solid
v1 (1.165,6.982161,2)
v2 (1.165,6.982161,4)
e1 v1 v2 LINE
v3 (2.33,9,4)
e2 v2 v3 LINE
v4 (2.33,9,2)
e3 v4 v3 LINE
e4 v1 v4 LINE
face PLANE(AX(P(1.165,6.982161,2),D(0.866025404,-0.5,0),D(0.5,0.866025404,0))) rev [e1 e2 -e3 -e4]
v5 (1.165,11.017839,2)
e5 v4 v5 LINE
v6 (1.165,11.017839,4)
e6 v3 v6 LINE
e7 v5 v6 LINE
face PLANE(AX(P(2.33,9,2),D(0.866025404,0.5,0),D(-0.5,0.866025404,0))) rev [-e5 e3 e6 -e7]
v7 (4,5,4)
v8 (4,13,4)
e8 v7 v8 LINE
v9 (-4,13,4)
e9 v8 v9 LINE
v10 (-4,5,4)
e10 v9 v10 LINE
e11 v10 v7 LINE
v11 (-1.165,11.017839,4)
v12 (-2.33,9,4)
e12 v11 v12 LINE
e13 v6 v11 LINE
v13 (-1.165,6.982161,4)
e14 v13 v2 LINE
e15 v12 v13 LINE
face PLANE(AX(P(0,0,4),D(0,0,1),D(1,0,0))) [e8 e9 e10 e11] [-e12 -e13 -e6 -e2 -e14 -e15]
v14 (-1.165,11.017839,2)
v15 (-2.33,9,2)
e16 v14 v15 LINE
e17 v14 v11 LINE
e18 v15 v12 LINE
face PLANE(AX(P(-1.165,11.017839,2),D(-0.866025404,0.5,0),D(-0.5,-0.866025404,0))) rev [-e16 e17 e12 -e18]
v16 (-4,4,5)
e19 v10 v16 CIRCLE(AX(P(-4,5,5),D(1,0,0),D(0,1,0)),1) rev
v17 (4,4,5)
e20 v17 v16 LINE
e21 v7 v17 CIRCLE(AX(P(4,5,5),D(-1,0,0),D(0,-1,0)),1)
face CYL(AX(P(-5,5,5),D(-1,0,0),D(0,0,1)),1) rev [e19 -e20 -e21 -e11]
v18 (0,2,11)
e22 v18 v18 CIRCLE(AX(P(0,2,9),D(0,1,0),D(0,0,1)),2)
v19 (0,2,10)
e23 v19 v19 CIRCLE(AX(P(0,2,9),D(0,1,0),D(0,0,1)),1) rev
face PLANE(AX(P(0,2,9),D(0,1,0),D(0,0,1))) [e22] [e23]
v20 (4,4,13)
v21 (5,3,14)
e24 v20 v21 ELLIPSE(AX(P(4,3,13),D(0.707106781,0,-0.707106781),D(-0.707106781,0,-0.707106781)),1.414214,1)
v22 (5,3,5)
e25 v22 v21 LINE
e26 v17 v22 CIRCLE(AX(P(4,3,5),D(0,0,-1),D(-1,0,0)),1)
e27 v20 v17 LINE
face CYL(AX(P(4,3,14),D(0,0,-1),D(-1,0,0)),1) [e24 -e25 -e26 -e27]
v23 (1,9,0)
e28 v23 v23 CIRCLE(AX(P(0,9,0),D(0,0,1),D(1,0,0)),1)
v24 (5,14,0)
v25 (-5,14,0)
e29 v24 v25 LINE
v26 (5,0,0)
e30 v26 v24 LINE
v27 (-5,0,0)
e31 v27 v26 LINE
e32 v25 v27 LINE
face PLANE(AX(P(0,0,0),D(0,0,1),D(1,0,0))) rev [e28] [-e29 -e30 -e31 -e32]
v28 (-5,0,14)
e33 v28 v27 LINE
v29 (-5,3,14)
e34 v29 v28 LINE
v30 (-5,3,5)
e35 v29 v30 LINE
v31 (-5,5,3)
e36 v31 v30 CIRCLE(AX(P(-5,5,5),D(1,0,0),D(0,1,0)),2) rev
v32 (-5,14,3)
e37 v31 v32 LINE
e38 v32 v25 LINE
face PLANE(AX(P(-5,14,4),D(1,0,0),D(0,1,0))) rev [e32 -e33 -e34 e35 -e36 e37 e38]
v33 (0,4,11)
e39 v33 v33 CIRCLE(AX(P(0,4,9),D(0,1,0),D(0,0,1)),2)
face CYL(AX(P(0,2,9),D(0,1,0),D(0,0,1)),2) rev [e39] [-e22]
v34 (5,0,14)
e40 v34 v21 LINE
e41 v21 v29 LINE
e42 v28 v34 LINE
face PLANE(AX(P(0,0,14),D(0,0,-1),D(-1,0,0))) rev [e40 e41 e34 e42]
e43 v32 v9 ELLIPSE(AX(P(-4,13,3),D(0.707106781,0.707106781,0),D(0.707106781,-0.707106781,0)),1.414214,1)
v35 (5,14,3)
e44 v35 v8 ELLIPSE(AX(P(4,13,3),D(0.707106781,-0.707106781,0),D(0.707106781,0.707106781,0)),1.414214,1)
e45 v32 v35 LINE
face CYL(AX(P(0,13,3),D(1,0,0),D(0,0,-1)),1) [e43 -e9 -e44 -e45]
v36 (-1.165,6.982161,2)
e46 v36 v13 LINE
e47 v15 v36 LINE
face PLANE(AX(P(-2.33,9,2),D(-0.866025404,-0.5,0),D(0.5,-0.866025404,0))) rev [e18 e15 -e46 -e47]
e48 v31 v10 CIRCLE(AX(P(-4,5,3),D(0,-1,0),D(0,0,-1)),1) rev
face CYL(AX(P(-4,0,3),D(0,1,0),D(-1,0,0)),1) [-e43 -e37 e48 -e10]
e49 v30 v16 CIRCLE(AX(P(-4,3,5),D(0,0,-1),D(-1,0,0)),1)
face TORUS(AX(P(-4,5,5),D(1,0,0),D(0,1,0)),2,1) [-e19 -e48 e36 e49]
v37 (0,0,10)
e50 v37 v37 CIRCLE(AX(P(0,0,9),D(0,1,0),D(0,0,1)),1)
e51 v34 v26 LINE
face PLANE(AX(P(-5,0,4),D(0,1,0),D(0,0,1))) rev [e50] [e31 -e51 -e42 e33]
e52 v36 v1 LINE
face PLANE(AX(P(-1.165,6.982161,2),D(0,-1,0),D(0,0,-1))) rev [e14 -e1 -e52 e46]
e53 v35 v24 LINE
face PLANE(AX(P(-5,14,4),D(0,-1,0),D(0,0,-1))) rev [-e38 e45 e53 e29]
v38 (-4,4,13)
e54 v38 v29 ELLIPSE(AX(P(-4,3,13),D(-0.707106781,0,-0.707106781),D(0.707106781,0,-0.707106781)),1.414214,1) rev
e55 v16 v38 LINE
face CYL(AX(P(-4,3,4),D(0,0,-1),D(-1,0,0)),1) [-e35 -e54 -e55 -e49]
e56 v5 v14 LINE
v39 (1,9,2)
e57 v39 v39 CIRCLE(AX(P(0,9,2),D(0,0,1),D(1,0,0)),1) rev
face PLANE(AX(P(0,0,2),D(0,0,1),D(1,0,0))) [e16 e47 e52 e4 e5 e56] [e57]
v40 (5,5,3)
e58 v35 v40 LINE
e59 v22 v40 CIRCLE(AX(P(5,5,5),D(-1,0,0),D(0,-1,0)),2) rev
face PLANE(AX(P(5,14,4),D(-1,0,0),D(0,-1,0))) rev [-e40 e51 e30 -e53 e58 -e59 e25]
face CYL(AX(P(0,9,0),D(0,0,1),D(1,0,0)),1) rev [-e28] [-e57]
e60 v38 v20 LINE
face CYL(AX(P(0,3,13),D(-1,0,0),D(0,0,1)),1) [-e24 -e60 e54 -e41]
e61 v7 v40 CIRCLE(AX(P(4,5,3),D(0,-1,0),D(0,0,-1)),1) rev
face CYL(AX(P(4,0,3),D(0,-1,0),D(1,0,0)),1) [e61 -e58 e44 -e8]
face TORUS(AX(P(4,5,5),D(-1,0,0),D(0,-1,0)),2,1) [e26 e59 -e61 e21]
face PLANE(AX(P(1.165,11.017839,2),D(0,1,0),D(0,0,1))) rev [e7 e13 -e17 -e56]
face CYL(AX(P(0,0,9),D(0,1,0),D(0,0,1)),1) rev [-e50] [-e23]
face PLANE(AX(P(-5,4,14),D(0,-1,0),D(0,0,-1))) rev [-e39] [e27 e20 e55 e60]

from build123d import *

# Parameters (mm, degrees)
ESQUISSE1_W             = 10
ESQUISSE1_H             = 14
BOSS_EXTRU_1_DEPTH      = 4
ESQUISSE2_W             = 10
ESQUISSE2_H             = 4
BOSS_EXTRU_2_DEPTH      = 10
ESQUISSE3_R             = 1
ENL_V_MAT_EXTRU_1_DEPTH = 5
CONG_1_R                = 1
ESQUISSE4_R             = 1
ENL_V_MAT_EXTRU_2_DEPTH = 5
ENL_V_MAT_EXTRU_3_DEPTH = 2
ESQUISSE6_R             = 2
ENL_V_MAT_EXTRU_4_DEPTH = 2


with BuildPart() as part:
    # Esquisse1 → Boss.-Extru.1 (new body)
    with BuildSketch(Plane.XY):
        with Locations((0, 7)):
            Rectangle(ESQUISSE1_W, ESQUISSE1_H)
    extrude(amount=BOSS_EXTRU_1_DEPTH)

    # Esquisse2 → Boss.-Extru.2 (add)
    with BuildSketch(Plane.XY.offset(4)):
        with Locations((0, 2)):
            Rectangle(ESQUISSE2_W, ESQUISSE2_H)
    extrude(amount=BOSS_EXTRU_2_DEPTH)

    # Esquisse3 → Enlèv. mat.-Extru.1 (cut, through all)
    with BuildSketch(Plane.XY.offset(4)):
        with Locations((0, 9)):
            Circle(ESQUISSE3_R)
    extrude(amount=-ENL_V_MAT_EXTRU_1_DEPTH, mode=Mode.SUBTRACT)

    # Congé1
    cong_1_edges = [part.edges().sort_by_distance(p)[0] for p in [
        (5, 9, 4),
        (-5, 4, 9),
        (0, 4, 4),
        (5, 4, 9),
        (0, 14, 4),
        (0, 4, 14),
        (-5, 9, 4),
    ]]
    fillet(cong_1_edges, radius=CONG_1_R)

    # Esquisse4 → Enlèv. mat.-Extru.2 (cut, through all)
    with BuildSketch(Plane(origin=(0, 4, 0), x_dir=(1, 0, 0), z_dir=(0, 1, 0))):
        with Locations(Location((0, -9, 0), (0, 0, 270))):  # turned: the seam where the file's is
            Circle(ESQUISSE4_R)
    extrude(amount=-ENL_V_MAT_EXTRU_2_DEPTH, mode=Mode.SUBTRACT)

    # Esquisse5 → Enlèv. mat.-Extru.3 (cut)
    with BuildSketch(Plane.XY.offset(4)):
        Polygon((1.165, 6.982160809), (2.33, 9), (1.165, 11.017839191), (-1.165, 11.017839191), (-2.33, 9), (-1.165, 6.982160809), align=None)
    extrude(amount=-ENL_V_MAT_EXTRU_3_DEPTH, mode=Mode.SUBTRACT)

    # Esquisse6 → Enlèv. mat.-Extru.4 (cut)
    with BuildSketch(Plane(origin=(0, 4, 0), x_dir=(1, 0, 0), z_dir=(0, 1, 0))):
        with Locations(Location((0, -9, 0), (0, 0, 270))):  # turned: the seam where the file's is
            Circle(ESQUISSE6_R)
    extrude(amount=-ENL_V_MAT_EXTRU_4_DEPTH, mode=Mode.SUBTRACT)


solid = part.part
